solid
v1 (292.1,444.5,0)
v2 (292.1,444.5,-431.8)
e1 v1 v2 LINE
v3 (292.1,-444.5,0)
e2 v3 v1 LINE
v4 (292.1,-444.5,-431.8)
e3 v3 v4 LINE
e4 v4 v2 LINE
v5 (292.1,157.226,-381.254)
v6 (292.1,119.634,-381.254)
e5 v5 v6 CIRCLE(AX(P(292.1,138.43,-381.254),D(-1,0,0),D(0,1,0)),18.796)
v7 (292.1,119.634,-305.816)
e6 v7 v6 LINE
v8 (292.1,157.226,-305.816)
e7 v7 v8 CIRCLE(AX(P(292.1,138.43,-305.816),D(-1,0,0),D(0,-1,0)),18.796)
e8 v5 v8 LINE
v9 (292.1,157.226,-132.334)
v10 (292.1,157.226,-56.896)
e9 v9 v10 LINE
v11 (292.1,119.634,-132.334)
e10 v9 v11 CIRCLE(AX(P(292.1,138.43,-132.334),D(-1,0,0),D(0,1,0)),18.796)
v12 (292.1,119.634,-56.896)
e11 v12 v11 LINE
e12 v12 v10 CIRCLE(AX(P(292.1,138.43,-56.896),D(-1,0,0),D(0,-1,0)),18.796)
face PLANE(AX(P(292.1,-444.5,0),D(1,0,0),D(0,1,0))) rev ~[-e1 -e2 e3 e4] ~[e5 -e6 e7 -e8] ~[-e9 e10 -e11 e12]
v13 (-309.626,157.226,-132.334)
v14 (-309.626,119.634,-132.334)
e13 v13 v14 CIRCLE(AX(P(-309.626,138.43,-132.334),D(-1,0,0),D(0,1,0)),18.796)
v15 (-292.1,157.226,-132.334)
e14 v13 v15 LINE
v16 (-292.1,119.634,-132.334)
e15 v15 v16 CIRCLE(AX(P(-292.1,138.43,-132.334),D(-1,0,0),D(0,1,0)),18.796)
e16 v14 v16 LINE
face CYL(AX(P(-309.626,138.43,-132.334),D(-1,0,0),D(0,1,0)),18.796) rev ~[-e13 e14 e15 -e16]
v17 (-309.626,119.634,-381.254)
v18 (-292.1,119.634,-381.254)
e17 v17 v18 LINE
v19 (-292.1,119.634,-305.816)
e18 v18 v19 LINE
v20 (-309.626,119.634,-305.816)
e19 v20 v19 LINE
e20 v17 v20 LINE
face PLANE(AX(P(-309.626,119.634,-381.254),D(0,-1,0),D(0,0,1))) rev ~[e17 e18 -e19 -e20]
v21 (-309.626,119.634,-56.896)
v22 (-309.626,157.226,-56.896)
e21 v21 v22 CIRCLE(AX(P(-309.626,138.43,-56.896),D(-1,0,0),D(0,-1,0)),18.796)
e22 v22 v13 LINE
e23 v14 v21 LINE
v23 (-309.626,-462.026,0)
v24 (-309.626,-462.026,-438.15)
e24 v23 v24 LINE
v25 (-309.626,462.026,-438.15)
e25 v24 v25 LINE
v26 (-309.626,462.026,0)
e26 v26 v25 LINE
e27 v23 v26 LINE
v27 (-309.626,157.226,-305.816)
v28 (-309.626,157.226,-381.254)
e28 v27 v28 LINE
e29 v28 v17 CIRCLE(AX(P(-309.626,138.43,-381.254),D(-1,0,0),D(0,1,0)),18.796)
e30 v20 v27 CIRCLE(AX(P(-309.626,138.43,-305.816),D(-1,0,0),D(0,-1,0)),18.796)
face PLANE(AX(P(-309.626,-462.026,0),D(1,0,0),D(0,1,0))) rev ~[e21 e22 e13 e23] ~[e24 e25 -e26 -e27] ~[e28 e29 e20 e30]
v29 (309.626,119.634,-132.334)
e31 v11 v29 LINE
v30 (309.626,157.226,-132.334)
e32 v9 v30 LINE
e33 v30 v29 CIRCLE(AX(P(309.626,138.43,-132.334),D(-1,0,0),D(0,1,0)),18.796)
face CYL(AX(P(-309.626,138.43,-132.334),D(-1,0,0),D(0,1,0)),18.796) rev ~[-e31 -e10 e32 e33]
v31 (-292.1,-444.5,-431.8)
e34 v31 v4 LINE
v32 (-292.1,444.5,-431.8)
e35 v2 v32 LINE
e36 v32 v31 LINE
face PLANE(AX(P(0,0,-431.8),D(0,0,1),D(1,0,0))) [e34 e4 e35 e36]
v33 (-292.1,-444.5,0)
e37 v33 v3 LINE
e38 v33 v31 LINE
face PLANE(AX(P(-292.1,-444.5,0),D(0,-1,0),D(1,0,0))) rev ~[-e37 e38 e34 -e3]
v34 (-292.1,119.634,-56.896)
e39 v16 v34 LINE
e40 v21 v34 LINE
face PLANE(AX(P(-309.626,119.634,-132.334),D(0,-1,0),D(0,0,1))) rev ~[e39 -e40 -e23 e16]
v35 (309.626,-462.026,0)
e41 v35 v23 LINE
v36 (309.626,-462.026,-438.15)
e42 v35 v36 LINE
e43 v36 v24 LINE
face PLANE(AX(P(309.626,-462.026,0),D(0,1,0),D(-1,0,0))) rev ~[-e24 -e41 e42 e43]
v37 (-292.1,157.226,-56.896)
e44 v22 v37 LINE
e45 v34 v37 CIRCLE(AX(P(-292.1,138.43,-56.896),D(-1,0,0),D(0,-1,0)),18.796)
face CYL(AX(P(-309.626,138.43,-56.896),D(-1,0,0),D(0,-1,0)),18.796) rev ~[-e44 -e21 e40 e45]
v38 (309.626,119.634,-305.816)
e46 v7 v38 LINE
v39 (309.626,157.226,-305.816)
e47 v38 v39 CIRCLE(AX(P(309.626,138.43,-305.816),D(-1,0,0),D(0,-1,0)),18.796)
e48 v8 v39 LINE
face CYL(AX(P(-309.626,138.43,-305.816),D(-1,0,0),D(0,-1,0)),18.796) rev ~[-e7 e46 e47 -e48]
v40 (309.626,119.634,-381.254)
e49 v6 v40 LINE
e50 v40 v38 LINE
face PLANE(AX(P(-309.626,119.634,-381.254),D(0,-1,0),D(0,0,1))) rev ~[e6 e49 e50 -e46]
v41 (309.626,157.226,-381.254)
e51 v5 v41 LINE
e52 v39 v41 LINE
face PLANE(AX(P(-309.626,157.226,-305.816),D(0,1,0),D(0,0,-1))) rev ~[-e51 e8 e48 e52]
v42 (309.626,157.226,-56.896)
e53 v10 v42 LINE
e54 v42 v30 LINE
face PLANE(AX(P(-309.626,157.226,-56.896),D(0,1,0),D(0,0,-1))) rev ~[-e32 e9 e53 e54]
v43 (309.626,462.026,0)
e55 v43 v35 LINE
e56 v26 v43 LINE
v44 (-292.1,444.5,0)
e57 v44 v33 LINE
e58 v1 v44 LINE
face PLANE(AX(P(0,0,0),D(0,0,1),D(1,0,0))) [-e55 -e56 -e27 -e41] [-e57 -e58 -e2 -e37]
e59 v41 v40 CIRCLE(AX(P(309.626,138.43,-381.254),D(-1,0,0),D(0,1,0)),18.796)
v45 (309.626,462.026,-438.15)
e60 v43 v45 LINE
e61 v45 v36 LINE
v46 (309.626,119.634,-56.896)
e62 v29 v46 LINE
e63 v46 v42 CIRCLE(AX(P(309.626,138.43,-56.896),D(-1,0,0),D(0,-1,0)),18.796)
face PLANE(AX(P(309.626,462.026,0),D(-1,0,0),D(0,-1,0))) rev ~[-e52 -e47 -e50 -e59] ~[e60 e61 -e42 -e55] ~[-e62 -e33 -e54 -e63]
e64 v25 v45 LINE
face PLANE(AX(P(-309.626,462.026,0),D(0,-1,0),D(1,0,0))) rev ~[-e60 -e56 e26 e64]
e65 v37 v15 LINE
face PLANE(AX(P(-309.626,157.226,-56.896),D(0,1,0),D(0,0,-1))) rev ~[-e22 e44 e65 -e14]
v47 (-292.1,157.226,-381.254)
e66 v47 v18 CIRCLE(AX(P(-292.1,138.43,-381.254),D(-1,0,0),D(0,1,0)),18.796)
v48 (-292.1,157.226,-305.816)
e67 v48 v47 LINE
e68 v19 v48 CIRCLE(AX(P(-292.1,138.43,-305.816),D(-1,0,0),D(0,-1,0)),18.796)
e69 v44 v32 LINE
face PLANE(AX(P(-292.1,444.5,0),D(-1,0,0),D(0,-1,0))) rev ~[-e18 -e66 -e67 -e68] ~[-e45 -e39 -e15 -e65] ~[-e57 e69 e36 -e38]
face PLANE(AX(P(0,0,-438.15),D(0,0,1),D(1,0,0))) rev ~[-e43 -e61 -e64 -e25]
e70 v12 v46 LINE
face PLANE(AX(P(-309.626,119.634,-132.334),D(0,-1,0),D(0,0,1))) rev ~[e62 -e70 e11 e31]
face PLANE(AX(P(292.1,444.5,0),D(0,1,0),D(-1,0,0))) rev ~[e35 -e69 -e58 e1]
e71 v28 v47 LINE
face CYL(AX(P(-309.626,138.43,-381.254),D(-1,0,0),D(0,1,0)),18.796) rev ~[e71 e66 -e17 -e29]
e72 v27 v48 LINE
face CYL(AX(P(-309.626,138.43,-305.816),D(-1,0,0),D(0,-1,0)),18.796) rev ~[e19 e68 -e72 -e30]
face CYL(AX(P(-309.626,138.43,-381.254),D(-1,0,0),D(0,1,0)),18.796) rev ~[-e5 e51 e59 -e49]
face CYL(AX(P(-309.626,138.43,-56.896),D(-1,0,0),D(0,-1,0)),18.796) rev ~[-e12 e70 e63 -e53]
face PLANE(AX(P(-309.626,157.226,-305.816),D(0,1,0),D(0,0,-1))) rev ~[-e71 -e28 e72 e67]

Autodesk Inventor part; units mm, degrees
ref_plane "YZ Plane" through (0, 0, 0) normal (1, 0, 0) x (0, 1, 0)
ref_plane "XZ Plane" through (0, 0, 0) normal (0, 1, 0) x (-1, 0, 0)
ref_plane "XY Plane" through (0, 0, 0) normal (0, 0, 1) x (1, 0, 0)
sketch "Sketch1" plane through (0, 0, 0) normal (0, 0, 1) x (1, 0, 0)
  line L0 (-292.1, -444.5) -> (292.1, -444.5)
  line L1 (292.1, -444.5) -> (292.1, 444.5)
  line L2 (292.1, 444.5) -> (-292.1, 444.5)
  line L3 (-292.1, 444.5) -> (-292.1, -444.5)
  line L4 (-292.1, -444.5) -> (292.1, 444.5) construction
  line L5 (292.1, -444.5) -> (-292.1, 444.5) construction
  line L6 (-309.626, 462.026) -> (309.626, 462.026)
  line L7 (309.626, 462.026) -> (309.626, -462.026)
  line L8 (309.626, -462.026) -> (-309.626, -462.026)
  line L9 (-309.626, -462.026) -> (-309.626, 462.026)
  point P0 (0, 0)
  dimension "d0" = 584.2
  dimension "d1" = 889
  dimension "d4" = 17.526
extrude "Extrusion1" add sketch "Sketch1" against normal blind 438.15 contours L3 L2 L1 L0 | L6 L7 L8 L9
extrude "Extrusion2" cut sketch "Sketch1" against normal blind 431.8 contours L3 L2 L1 L0
sketch "Sketch3" plane through (-309.626, -462.026, 0) normal (-1, 0, 0) x (0, 0, 1)
  line L0 (0, 0) -> (-438.15, 0) construction
  line L1 (-438.15, 0) -> (-438.15, 924.052) construction
  line L2 (-438.15, 924.052) -> (0, 924.052) construction
  line L3 (0, 924.052) -> (0, 0) construction
  line L4 (-38.1, 600.456) -> (-151.13, 600.456) construction
  line L5 (-56.896, 619.252) -> (-132.334, 619.252)
  line L6 (-132.334, 581.66) -> (-56.896, 581.66)
  arc A0 (-56.896, 581.66) -> (-56.896, 619.252) centre (-56.896, 600.456) ccw
  arc A1 (-132.334, 619.252) -> (-132.334, 581.66) centre (-132.334, 600.456) ccw
  line L7 (-287.02, 600.456) -> (-400.05, 600.456) construction
  line L8 (-305.816, 619.252) -> (-381.254, 619.252)
  line L9 (-381.254, 581.66) -> (-305.816, 581.66)
  arc A2 (-305.816, 581.66) -> (-305.816, 619.252) centre (-305.816, 600.456) ccw
  arc A3 (-381.254, 619.252) -> (-381.254, 581.66) centre (-381.254, 600.456) ccw
  point P0 (0, 462.026)
  point P1 (-94.615, 600.456)
  point P2 (-343.535, 600.456)
  point P3 (-38.1, 600.456)
  point P4 (-400.05, 600.456)
  dimension "d7" = 113.03
  dimension "d8" = 37.592
  dimension "d9" = 113.03
  dimension "d10" = 38.1
  dimension "d11" = 304.8
  dimension "d12" = 38.1
extrude "Extrusion3" cut sketch "Sketch3" against normal through all
equation "\"d9\" = d7"
properties part number "old battery cart" material "Wood (Birch)"
